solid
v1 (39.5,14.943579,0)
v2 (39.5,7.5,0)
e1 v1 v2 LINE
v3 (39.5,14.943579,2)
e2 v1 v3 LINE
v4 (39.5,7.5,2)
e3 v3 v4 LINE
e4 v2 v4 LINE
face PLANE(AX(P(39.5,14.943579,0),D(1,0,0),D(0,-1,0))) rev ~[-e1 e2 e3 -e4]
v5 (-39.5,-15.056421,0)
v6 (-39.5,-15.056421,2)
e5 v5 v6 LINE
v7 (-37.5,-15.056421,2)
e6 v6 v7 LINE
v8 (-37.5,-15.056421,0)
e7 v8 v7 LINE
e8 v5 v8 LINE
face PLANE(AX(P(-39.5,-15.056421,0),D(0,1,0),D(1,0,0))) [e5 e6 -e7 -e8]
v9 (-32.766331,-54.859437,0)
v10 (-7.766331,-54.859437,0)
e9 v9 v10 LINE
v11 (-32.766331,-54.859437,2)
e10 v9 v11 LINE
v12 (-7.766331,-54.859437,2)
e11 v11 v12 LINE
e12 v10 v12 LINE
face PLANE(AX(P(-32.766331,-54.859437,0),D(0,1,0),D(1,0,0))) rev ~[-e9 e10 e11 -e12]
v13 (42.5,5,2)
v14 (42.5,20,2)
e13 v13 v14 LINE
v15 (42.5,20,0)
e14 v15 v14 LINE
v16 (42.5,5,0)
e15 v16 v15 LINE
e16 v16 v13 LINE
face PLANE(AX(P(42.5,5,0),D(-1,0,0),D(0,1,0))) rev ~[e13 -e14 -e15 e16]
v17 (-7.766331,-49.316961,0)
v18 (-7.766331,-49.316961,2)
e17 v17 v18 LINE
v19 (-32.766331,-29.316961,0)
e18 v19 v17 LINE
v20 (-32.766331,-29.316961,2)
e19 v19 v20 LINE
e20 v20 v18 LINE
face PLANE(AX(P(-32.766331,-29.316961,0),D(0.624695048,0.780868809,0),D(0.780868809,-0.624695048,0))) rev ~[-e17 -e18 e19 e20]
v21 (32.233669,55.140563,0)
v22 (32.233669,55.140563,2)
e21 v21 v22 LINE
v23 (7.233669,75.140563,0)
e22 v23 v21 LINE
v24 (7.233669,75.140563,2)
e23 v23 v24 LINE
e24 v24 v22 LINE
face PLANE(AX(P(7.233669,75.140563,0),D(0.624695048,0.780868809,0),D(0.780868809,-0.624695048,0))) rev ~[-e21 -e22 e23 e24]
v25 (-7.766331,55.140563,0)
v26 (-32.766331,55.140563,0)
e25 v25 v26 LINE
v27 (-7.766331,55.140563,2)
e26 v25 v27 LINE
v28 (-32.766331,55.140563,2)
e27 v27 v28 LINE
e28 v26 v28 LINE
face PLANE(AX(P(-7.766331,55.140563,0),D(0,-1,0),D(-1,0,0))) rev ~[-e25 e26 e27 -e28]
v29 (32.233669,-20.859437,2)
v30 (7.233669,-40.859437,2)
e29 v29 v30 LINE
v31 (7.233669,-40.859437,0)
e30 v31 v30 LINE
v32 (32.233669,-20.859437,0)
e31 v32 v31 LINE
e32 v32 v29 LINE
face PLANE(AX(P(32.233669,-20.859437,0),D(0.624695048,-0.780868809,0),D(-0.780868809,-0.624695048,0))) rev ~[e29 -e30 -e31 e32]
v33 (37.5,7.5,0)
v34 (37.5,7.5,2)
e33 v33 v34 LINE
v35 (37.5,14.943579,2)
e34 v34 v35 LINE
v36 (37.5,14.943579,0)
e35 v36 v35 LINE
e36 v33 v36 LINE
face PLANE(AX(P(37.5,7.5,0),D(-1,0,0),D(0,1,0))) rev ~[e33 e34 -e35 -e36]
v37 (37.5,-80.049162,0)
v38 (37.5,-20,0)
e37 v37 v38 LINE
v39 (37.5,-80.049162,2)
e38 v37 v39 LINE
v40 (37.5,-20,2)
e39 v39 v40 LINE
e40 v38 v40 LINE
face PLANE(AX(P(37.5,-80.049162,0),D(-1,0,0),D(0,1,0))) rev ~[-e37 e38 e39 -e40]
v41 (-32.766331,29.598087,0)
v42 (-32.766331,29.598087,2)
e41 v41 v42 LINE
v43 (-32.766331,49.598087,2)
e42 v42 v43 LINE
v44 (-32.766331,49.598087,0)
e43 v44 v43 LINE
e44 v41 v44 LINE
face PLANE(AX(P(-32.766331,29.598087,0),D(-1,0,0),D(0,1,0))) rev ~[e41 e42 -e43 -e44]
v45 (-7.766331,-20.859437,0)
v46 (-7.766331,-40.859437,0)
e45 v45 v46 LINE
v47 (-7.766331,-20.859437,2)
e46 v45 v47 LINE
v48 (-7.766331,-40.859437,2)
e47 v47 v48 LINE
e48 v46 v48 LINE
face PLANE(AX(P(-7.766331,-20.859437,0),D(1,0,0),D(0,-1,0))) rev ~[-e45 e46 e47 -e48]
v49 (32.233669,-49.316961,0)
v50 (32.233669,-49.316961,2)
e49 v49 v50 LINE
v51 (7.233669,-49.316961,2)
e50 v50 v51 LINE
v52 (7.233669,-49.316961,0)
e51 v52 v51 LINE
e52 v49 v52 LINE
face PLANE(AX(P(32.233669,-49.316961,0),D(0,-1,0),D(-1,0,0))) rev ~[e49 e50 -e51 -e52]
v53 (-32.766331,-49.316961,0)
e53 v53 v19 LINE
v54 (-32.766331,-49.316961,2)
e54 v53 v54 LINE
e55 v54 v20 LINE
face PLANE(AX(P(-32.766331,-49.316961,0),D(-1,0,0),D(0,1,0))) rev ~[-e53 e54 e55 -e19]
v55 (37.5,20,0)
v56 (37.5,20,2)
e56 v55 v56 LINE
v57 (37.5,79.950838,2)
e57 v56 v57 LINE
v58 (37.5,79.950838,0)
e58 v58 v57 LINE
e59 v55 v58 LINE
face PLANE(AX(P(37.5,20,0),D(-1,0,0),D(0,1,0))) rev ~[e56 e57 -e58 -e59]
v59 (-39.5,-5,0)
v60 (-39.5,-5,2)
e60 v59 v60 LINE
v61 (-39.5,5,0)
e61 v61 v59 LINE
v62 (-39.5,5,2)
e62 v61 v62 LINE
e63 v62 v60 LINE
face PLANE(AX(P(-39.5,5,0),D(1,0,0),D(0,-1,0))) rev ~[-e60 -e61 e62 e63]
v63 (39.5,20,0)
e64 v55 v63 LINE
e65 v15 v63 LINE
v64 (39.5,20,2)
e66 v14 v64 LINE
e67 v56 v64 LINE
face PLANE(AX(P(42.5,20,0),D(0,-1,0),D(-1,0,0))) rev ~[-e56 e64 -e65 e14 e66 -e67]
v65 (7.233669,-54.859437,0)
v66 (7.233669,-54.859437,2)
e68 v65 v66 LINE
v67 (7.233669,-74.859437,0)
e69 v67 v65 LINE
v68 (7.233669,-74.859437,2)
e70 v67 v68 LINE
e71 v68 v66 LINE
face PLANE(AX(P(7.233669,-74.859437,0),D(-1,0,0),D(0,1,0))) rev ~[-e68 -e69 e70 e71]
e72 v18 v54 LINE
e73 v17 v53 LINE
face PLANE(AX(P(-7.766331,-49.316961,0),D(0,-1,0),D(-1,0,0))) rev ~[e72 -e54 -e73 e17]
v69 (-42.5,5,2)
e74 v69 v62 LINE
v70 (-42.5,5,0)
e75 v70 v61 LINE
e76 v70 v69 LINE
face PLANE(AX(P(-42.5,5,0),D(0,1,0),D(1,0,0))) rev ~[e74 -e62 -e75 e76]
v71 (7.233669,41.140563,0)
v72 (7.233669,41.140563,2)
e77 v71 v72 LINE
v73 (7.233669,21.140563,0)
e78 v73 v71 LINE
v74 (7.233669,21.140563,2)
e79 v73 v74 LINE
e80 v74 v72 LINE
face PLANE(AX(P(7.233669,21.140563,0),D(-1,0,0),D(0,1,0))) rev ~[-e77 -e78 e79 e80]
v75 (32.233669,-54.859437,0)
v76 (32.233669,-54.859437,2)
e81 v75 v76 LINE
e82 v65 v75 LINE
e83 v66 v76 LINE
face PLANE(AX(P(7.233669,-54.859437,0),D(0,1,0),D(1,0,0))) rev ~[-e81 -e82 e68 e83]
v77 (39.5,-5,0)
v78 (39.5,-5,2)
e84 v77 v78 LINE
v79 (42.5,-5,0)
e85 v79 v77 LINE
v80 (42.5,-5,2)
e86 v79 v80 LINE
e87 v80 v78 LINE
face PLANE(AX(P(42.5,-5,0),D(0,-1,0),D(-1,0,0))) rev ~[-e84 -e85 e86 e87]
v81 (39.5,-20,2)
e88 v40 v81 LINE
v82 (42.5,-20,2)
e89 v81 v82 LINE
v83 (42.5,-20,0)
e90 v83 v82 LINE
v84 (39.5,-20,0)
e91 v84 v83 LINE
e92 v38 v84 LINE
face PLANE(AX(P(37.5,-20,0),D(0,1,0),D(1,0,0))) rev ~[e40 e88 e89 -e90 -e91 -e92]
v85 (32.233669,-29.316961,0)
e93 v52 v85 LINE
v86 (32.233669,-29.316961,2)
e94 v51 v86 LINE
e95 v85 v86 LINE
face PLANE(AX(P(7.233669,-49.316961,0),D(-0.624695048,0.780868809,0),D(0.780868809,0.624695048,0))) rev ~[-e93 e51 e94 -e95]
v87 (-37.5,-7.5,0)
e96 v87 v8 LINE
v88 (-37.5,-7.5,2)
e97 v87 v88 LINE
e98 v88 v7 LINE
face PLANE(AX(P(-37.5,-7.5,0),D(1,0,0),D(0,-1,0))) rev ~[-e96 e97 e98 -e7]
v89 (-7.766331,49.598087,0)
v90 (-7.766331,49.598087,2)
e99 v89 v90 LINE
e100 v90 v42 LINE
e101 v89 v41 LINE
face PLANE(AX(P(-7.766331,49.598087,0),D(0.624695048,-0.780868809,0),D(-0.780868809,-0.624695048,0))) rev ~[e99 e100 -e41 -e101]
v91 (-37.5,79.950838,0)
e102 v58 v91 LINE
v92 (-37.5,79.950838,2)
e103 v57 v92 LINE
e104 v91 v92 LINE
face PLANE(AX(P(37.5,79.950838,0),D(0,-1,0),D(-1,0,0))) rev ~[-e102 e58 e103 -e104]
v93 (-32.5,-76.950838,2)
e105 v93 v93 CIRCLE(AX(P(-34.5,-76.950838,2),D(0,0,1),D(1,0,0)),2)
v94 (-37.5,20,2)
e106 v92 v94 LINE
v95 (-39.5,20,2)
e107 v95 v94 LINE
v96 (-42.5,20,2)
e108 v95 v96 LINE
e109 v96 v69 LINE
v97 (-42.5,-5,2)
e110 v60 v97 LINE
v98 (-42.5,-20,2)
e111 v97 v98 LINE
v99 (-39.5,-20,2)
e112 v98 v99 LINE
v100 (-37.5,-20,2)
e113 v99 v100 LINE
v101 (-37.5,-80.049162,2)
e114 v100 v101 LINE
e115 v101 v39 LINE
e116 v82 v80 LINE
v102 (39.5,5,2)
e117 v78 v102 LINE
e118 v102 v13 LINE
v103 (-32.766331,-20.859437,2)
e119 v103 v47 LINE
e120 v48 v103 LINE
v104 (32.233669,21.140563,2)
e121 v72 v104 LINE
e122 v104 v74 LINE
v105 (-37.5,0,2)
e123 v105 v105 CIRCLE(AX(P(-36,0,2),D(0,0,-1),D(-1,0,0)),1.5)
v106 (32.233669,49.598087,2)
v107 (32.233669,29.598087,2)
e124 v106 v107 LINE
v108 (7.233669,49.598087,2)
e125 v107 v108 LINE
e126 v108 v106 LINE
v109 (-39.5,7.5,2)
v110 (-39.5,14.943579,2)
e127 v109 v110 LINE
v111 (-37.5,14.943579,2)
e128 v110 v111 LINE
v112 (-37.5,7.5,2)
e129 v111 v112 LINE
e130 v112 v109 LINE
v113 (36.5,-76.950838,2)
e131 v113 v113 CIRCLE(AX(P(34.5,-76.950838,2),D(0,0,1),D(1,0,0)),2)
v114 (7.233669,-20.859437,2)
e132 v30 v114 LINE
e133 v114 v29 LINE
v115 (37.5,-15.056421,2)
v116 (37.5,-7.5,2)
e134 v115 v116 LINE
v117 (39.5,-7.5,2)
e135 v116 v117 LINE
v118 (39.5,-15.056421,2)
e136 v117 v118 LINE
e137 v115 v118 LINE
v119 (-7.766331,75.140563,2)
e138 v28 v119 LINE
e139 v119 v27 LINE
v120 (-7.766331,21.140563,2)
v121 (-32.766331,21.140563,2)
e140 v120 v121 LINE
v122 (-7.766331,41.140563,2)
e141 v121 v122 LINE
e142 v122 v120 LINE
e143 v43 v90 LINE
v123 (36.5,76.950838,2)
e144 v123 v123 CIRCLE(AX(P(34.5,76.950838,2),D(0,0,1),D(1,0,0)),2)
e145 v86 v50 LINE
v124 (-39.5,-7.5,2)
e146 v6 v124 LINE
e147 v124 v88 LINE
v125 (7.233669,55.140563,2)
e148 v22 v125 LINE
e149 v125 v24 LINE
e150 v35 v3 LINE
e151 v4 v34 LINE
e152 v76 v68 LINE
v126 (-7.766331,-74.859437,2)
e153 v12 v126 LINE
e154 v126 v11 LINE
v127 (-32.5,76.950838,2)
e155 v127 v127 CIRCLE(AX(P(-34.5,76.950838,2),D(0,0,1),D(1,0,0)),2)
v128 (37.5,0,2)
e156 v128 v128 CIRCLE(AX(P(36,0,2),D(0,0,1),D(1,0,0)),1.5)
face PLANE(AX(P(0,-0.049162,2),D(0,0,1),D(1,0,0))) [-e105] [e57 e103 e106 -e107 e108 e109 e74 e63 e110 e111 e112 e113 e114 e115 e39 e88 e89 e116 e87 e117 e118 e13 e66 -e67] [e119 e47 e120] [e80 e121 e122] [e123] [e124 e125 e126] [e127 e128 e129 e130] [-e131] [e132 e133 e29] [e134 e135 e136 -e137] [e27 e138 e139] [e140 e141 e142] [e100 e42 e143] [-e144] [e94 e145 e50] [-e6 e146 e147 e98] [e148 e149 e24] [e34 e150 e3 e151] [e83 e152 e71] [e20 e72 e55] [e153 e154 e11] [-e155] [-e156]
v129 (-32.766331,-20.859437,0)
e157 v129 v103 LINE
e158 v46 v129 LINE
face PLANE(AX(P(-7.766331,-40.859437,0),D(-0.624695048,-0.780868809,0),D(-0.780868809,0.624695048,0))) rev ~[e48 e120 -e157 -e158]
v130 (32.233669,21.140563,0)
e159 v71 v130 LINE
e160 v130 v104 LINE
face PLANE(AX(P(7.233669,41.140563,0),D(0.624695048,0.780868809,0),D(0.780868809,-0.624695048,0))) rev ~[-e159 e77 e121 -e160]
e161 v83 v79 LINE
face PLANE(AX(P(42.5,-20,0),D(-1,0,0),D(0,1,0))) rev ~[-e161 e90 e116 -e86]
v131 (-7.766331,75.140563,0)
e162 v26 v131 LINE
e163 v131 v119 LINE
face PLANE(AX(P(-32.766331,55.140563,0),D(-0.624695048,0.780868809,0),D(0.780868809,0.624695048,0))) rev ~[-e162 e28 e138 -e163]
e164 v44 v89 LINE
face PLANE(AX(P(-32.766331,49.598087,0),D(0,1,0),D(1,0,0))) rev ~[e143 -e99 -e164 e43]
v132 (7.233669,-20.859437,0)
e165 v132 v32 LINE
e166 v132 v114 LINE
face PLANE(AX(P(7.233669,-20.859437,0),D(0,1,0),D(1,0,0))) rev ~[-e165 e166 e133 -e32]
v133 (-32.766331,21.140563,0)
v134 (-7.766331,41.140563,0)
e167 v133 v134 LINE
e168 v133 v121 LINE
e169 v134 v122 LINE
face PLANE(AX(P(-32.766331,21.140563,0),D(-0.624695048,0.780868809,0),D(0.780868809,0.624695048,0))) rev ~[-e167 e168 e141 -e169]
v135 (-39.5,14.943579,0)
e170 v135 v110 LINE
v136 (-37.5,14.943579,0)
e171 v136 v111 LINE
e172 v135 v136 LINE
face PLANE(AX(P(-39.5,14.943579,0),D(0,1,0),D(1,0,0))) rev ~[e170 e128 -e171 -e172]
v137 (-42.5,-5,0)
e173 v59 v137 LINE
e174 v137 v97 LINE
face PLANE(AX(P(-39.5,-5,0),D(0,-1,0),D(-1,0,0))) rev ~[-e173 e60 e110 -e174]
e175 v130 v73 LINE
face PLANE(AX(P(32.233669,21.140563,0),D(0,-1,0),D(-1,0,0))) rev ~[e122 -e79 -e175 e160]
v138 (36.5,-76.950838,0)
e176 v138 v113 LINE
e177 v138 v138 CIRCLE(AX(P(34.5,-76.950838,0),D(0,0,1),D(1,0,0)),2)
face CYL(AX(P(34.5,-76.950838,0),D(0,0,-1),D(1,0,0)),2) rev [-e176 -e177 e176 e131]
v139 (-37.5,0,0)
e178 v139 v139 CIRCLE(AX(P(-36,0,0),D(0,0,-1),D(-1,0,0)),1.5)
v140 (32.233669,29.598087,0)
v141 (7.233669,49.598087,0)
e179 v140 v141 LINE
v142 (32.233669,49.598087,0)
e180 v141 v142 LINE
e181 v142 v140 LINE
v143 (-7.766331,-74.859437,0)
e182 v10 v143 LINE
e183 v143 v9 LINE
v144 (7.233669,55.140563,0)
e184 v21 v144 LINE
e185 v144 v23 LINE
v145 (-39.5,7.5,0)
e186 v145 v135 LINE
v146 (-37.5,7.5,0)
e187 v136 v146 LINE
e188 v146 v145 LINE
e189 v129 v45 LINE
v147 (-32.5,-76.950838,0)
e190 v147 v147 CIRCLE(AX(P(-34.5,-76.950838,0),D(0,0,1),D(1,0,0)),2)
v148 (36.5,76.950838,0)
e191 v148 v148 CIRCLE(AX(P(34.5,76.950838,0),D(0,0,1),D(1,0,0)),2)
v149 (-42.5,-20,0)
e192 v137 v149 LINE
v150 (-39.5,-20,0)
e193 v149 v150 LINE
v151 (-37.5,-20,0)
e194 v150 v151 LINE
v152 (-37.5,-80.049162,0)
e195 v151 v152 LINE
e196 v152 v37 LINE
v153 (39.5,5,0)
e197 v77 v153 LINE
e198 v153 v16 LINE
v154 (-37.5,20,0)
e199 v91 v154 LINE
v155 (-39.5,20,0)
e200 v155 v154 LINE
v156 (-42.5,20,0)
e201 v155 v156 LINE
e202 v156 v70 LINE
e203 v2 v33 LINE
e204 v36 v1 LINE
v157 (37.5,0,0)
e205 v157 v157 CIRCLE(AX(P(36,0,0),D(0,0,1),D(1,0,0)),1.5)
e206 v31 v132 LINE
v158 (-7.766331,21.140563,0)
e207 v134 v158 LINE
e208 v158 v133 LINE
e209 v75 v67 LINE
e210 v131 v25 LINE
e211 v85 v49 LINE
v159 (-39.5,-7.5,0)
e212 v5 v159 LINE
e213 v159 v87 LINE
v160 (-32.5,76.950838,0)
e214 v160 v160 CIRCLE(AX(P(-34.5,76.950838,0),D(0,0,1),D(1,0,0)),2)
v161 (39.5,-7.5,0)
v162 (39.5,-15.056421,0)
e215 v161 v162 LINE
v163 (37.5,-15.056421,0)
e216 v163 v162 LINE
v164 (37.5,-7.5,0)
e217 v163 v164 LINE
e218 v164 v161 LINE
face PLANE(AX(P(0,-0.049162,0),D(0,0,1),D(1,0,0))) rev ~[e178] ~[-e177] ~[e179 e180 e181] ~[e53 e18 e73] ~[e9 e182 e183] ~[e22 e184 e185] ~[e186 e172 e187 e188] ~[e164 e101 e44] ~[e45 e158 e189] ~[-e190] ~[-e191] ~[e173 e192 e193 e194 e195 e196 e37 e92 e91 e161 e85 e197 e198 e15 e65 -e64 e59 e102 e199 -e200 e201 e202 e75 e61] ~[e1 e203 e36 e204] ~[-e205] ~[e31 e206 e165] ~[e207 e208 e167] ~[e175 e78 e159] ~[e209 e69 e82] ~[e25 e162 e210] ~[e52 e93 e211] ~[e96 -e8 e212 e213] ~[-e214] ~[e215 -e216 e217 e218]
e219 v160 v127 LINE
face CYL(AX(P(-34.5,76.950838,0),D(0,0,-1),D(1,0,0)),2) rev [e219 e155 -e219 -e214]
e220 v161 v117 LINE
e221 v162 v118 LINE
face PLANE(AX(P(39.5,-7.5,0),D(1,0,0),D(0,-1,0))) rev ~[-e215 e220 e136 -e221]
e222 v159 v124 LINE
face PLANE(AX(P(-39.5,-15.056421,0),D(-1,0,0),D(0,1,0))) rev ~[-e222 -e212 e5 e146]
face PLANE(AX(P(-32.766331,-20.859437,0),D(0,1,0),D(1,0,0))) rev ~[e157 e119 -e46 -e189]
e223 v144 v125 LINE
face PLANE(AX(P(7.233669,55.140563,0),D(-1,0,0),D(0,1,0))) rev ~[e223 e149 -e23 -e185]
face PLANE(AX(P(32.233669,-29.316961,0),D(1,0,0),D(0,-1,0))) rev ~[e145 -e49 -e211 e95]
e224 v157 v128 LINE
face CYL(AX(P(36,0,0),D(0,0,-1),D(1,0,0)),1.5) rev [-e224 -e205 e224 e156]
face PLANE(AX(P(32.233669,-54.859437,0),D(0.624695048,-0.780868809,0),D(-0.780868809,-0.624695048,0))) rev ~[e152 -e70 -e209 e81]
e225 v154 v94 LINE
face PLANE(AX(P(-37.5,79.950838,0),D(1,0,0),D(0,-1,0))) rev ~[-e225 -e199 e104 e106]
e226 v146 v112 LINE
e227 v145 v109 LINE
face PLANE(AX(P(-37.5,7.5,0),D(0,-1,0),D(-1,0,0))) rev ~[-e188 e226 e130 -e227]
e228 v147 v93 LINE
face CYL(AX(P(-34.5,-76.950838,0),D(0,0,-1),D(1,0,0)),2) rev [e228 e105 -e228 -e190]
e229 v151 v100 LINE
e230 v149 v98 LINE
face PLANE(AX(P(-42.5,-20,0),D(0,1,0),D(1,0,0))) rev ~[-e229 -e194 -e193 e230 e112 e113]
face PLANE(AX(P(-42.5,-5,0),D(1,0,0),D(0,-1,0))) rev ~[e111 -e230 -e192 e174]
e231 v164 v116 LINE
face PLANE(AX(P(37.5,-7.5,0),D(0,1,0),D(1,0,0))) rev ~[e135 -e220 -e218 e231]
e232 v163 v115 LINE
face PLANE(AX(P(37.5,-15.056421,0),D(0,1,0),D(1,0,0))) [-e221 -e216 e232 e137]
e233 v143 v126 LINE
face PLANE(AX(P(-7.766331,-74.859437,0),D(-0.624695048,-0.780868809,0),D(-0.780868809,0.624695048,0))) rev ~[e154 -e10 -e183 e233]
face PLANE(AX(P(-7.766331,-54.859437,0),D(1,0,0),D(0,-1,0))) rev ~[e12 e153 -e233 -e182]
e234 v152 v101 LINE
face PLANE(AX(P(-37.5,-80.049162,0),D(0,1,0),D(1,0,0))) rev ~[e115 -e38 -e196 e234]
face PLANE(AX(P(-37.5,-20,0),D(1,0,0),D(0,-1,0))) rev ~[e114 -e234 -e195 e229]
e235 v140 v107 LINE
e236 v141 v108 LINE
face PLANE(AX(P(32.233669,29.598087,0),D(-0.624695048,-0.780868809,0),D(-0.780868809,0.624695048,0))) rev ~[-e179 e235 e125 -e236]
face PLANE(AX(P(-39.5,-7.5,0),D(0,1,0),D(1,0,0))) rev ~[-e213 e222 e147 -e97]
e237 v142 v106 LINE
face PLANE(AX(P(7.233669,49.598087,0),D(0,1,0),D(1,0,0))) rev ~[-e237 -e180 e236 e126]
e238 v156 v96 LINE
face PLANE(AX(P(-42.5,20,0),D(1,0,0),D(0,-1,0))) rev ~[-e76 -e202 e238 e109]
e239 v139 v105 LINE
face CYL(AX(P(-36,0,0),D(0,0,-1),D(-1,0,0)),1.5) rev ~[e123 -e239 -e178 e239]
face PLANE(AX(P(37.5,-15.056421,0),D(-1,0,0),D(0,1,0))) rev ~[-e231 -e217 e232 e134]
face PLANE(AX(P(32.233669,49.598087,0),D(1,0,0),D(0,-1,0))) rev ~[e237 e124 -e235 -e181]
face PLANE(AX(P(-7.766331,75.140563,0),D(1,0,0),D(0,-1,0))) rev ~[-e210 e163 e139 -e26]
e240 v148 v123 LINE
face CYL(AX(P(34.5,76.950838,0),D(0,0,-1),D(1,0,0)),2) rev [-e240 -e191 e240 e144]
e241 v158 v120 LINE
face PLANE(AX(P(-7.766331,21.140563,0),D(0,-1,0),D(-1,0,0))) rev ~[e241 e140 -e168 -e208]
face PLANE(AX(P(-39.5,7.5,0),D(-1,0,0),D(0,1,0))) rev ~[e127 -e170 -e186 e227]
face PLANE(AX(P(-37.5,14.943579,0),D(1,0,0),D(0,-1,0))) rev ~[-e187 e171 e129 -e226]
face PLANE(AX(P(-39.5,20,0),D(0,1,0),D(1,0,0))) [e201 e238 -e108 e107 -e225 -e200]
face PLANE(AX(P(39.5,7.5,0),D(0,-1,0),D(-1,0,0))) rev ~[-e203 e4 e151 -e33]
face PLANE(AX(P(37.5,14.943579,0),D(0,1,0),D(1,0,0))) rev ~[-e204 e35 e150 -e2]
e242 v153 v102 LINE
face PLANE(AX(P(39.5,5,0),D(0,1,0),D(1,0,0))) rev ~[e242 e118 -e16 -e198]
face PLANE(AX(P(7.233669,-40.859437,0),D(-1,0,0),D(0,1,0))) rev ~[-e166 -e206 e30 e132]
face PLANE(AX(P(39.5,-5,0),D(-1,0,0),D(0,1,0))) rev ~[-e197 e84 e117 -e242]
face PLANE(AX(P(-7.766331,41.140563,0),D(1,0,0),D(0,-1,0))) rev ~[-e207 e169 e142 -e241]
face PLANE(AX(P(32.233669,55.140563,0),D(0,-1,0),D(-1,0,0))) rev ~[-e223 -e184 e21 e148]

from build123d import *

# Parameters (mm, degrees)
F0_R     = 2
F0_R_2   = 1.5
F0_W     = 2
F0_H     = 5.0564210489
F0_H_2   = 4.9435789511
F1_DEPTH = 2


with BuildPart() as f1:
    # F0 (on Top) → F1 (new body)
    with BuildSketch(Plane.XY):
        Polygon((37.5, 79.9508376047), (-37.5, 79.9508376047), (-37.5, 20), (-37.5, 14.9435789511), (-37.5, 7.5), (-37.5, 0), (-37.5, -7.5), (-37.5, -15.0564210489), (-37.5, -20), (-37.5, -80.0491623953), (37.5, -80.0491623953), (37.5, -20), (37.5, -15.0564210489), (37.5, -7.5), (37.5, 0), (37.5, 7.5), (37.5, 14.9435789511), (37.5, 20), align=None)
        with Locations((-34.5, -76.9508376047)):
            Circle(F0_R, mode=Mode.SUBTRACT)
        Polygon((-32.7663309872, -54.8594370484), (-7.7663309872, -54.8594370484), (-7.7663309872, -74.8594370484), align=None, mode=Mode.SUBTRACT)
        Polygon((-32.7663309872, -49.3169614673), (-32.7663309872, -29.3169614673), (-7.7663309872, -49.3169614673), align=None, mode=Mode.SUBTRACT)
        Polygon((-32.7663309872, -20.8594370484), (-7.7663309872, -20.8594370484), (-7.7663309872, -40.8594370484), align=None, mode=Mode.SUBTRACT)
        Polygon((7.2336690128, -74.8594370484), (7.2336690128, -54.8594370484), (32.2336690128, -54.8594370484), align=None, mode=Mode.SUBTRACT)
        with Locations((34.5, -76.9508376047)):
            Circle(F0_R, mode=Mode.SUBTRACT)
        Polygon((32.2336690128, -49.3169614673), (7.2336690128, -49.3169614673), (32.2336690128, -29.3169614673), align=None, mode=Mode.SUBTRACT)
        Polygon((7.2336690128, -40.8594370484), (7.2336690128, -20.8594370484), (32.2336690128, -20.8594370484), align=None, mode=Mode.SUBTRACT)
        with BuildLine():
            ThreePointArc((-34.5, 0), (-36, -1.5), (-37.5, 0))
            ThreePointArc((-37.5, 0), (-36, 1.5), (-34.5, 0))
        make_face(mode=Mode.SUBTRACT)
        Polygon((-7.7663309872, 41.1405629516), (-7.7663309872, 21.1405629516), (-32.7663309872, 21.1405629516), align=None, mode=Mode.SUBTRACT)
        Polygon((-7.7663309872, 49.5980873704), (-32.7663309872, 29.5980873704), (-32.7663309872, 49.5980873704), align=None, mode=Mode.SUBTRACT)
        with Locations((-34.5, 76.9508376047)):
            Circle(F0_R, mode=Mode.SUBTRACT)
        Polygon((-7.7663309872, 55.1405629516), (-32.7663309872, 55.1405629516), (-7.7663309872, 75.1405629516), align=None, mode=Mode.SUBTRACT)
        Polygon((32.2336690128, 21.1405629516), (7.2336690128, 21.1405629516), (7.2336690128, 41.1405629516), align=None, mode=Mode.SUBTRACT)
        Polygon((32.2336690128, 49.5980873704), (32.2336690128, 29.5980873704), (7.2336690128, 49.5980873704), align=None, mode=Mode.SUBTRACT)
        with Locations((36, 0)):
            Circle(F0_R_2, mode=Mode.SUBTRACT)
        Polygon((32.2336690128, 55.1405629516), (7.2336690128, 55.1405629516), (7.2336690128, 75.1405629516), align=None, mode=Mode.SUBTRACT)
        with Locations((34.5, 76.9508376047)):
            Circle(F0_R, mode=Mode.SUBTRACT)
        Polygon((39.5, 7.5), (37.5, 7.5), (37.5, 0), (37.5, -7.5), (39.5, -7.5), (39.5, -5), (39.5, 5), align=None)
        Polygon((-37.5, 0), (-37.5, 7.5), (-39.5, 7.5), (-39.5, 5), (-39.5, -5), (-39.5, -7.5), (-37.5, -7.5), align=None)
        with Locations((38.5, 17.4717894755)):
            Rectangle(F0_W, F0_H)
        with Locations((38.5, -17.5282105245)):
            Rectangle(F0_W, F0_H_2)
        with Locations((-38.5, -17.5282105245)):
            Rectangle(F0_W, F0_H_2)
        with Locations((-38.5, 17.4717894755)):
            Rectangle(F0_W, F0_H)
        Polygon((-39.5, 14.9435789511), (-39.5, 20), (-42.5, 20), (-42.5, 5), (-39.5, 5), (-39.5, 7.5), align=None)
        Polygon((42.5, 20), (39.5, 20), (39.5, 14.9435789511), (39.5, 7.5), (39.5, 5), (42.5, 5), align=None)
        Polygon((42.5, -20), (42.5, -5), (39.5, -5), (39.5, -7.5), (39.5, -15.0564210489), (39.5, -20), align=None)
        Polygon((-39.5, -5), (-42.5, -5), (-42.5, -20), (-39.5, -20), (-39.5, -15.0564210489), (-39.5, -7.5), align=None)
    extrude(amount=F1_DEPTH)


solid = f1.part
